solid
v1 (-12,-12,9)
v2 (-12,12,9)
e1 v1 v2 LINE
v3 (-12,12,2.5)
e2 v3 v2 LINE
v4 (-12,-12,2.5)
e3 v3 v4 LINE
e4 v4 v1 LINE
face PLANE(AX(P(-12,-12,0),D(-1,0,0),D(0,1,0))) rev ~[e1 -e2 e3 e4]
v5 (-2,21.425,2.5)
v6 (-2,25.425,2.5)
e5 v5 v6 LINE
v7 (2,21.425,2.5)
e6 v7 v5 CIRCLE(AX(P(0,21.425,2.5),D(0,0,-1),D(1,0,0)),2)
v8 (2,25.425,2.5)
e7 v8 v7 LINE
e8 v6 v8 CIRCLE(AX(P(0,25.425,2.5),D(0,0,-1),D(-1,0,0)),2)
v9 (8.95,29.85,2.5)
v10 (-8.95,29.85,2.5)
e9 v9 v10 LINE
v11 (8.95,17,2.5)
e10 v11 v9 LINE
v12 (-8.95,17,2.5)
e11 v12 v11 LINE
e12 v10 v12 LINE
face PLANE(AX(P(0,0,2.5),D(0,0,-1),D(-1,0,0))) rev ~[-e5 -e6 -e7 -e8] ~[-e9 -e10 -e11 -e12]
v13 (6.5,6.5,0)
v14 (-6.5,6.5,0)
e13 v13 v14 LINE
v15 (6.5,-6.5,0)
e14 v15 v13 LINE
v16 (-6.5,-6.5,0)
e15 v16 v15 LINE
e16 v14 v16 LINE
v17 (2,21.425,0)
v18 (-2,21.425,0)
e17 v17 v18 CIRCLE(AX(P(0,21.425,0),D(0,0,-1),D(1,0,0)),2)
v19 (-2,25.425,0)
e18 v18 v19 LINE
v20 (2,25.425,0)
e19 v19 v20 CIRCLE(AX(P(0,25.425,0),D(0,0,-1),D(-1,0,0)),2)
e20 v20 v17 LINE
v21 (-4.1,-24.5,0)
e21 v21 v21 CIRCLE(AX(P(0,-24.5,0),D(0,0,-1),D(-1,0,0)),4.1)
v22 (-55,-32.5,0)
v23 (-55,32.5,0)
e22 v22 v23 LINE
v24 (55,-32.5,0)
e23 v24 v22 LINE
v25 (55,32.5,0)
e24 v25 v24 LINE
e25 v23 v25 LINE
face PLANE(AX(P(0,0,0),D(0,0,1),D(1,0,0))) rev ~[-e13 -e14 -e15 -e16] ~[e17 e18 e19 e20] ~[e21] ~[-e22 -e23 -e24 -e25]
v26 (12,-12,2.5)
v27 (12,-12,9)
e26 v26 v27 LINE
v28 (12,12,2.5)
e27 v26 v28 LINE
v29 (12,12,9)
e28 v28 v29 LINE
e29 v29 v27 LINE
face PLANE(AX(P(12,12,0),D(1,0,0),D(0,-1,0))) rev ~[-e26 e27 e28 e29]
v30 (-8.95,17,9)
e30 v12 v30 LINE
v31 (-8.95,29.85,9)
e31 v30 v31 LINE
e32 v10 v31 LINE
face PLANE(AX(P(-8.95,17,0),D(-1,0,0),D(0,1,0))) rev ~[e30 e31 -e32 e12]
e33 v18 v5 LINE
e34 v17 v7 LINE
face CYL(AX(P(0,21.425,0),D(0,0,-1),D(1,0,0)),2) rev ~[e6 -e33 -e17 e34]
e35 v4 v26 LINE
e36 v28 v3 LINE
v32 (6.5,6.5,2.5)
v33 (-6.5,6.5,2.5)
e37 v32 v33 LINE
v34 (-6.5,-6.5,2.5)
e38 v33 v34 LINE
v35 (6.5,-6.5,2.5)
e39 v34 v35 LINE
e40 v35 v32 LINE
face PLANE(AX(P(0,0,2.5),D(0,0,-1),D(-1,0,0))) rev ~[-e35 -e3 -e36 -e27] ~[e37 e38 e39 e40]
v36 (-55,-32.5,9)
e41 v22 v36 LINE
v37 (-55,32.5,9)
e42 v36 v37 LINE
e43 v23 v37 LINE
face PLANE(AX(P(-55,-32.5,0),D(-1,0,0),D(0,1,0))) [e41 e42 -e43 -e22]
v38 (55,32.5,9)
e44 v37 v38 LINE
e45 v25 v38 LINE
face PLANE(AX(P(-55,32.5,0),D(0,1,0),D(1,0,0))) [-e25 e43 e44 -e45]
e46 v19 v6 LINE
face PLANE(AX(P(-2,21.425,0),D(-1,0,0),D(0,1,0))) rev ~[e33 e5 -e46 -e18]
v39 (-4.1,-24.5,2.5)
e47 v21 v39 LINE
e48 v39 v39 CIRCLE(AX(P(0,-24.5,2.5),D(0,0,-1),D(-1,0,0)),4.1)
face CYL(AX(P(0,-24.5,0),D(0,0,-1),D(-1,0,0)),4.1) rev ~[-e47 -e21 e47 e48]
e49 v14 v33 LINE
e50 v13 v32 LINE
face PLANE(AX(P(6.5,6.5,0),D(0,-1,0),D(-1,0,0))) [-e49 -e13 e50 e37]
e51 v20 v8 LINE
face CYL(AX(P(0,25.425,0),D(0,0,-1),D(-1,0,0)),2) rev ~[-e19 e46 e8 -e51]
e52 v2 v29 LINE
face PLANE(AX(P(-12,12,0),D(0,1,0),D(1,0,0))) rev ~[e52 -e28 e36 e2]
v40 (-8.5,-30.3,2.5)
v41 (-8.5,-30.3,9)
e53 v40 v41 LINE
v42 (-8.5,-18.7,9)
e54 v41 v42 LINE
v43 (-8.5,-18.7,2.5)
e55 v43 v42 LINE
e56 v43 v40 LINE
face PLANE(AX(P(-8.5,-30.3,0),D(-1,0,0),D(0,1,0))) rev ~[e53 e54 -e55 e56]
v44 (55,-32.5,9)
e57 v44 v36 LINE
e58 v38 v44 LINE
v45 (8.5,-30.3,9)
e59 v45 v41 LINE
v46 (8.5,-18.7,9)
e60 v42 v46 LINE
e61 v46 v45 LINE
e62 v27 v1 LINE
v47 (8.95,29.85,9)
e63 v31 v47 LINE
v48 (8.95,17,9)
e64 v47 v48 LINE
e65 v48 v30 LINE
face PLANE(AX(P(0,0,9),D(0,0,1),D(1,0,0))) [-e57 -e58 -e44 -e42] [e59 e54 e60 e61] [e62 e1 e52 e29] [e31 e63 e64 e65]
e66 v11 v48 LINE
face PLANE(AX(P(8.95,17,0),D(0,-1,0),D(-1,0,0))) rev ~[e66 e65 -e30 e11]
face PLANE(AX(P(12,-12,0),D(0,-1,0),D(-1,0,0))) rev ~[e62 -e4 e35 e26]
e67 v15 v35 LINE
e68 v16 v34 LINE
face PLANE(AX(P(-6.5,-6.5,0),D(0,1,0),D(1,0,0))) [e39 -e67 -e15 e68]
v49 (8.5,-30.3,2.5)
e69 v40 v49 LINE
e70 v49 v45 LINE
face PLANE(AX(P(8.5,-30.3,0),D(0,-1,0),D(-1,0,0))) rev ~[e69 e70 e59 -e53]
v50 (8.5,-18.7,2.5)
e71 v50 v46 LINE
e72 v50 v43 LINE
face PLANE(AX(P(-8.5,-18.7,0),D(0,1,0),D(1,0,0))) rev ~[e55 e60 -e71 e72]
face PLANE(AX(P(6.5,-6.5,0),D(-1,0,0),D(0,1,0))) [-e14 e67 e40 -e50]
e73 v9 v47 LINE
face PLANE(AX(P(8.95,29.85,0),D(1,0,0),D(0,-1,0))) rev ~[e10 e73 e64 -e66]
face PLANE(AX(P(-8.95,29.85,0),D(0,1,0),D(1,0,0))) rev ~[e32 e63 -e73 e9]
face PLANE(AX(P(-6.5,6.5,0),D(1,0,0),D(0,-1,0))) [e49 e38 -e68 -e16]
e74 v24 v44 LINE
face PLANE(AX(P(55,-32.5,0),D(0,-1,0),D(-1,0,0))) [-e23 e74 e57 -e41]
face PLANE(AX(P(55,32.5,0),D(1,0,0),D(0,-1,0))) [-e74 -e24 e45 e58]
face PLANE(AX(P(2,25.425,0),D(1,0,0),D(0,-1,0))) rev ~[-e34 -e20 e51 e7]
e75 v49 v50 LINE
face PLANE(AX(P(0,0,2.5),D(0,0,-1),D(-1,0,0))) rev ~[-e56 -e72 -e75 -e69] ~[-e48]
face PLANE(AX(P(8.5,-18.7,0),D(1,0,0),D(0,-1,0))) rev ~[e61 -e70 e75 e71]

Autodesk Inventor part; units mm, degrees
ref_plane "YZ Plane" through (0, 0, 0) normal (1, 0, 0) x (0, 1, 0)
ref_plane "XZ Plane" through (0, 0, 0) normal (0, 1, 0) x (-1, 0, 0)
ref_plane "XY Plane" through (0, 0, 0) normal (0, 0, 1) x (1, 0, 0)
sketch "Schizzo1" plane through (0, 0, 0) normal (0, 0, 1) x (1, 0, 0)
  line L0 (-55, 32.5) -> (55, 32.5)
  line L1 (55, 32.5) -> (55, -32.5)
  line L2 (55, -32.5) -> (-55, -32.5)
  line L3 (-55, -32.5) -> (-55, 32.5)
  line L4 (-55, 32.5) -> (55, -32.5) construction
  line L5 (55, 32.5) -> (-55, -32.5) construction
  line L6 (-8.5, -18.7) -> (8.5, -18.7)
  line L7 (8.5, -18.7) -> (8.5, -30.3)
  line L8 (8.5, -30.3) -> (-8.5, -30.3)
  line L9 (-8.5, -30.3) -> (-8.5, -18.7)
  line L10 (-8.5, -18.7) -> (8.5, -30.3) construction
  line L11 (8.5, -18.7) -> (-8.5, -30.3) construction
  line L12 (-12, 12) -> (12, 12)
  line L13 (12, 12) -> (12, -12)
  line L14 (12, -12) -> (-12, -12)
  line L15 (-12, -12) -> (-12, 12)
  line L16 (-12, 12) -> (12, -12) construction
  line L17 (12, 12) -> (-12, -12) construction
  line L18 (-8.95, 29.85) -> (8.95, 29.85)
  line L19 (8.95, 29.85) -> (8.95, 17)
  line L20 (8.95, 17) -> (-8.95, 17)
  line L21 (-8.95, 17) -> (-8.95, 29.85)
  line L22 (-8.95, 29.85) -> (8.95, 17) construction
  line L23 (8.95, 29.85) -> (-8.95, 17) construction
  line L24 (0, 25.425) -> (0, 21.425) construction
  line L25 (-2, 25.425) -> (-2, 21.425)
  line L26 (2, 21.425) -> (2, 25.425)
  arc A0 (2, 25.425) -> (-2, 25.425) centre (0, 25.425) ccw
  arc A1 (-2, 21.425) -> (2, 21.425) centre (0, 21.425) ccw
  circle A2 centre (0, -24.5) radius 4.1
  circle A3 centre (0, 0) radius 3.8
  line L27 (-4, 4) -> (4, 4)
  line L28 (4, 4) -> (4, -4)
  line L29 (4, -4) -> (-4, -4)
  line L30 (-4, -4) -> (-4, 4)
  line L31 (-4, 4) -> (4, -4) construction
  line L32 (4, 4) -> (-4, -4) construction
  point P0 (0, 23.425)
  dimension "d0" = 110
  dimension "d1" = 65
  dimension "d5" = 17
  dimension "d6" = 11.6
  dimension "d8" = 24
  dimension "d9" = 24
  dimension "d11" = 17.9
  dimension "d12" = 12.85
  dimension "d13" = 2
  dimension "d14" = 4
  dimension "d15" = 8.2
  dimension "d16" = 7.6
  dimension "d17" = 8
  dimension "d18" = 8
extrude "Estrusione1" add sketch "Schizzo1" along normal blind 9 contours L0 L1 L2 L3
sketch "Schizzo2" plane through (0, 0, 0) normal (0, 0, -1) x (-1, 0, 0)
  line L0 (-55, 32.5) -> (55, 32.5)
  line L1 (55, 32.5) -> (55, -32.5)
  line L2 (55, -32.5) -> (-55, -32.5)
  line L3 (-55, -32.5) -> (-55, 32.5)
  line L4 (-8.5, -18.7) -> (8.5, -18.7)
  line L5 (8.5, -18.7) -> (8.5, -30.3)
  line L6 (8.5, -30.3) -> (-8.5, -30.3)
  line L7 (-8.5, -30.3) -> (-8.5, -18.7)
  line L8 (-8.5, -18.7) -> (8.5, -30.3) construction
  line L9 (8.5, -18.7) -> (-8.5, -30.3) construction
  line L10 (-12, 12) -> (12, 12)
  line L11 (12, 12) -> (12, -12)
  line L12 (12, -12) -> (-12, -12)
  line L13 (-12, -12) -> (-12, 12)
  line L14 (-8.95, 29.85) -> (8.95, 29.85)
  line L15 (8.95, 29.85) -> (8.95, 17)
  line L16 (8.95, 17) -> (-8.95, 17)
  line L17 (-8.95, 17) -> (-8.95, 29.85)
  line L18 (-8.95, 29.85) -> (8.95, 17) construction
  line L19 (8.95, 29.85) -> (-8.95, 17) construction
  line L20 (0, 25.425) -> (0, 21.425) construction
  line L21 (-2, 25.425) -> (-2, 21.425)
  line L22 (2, 21.425) -> (2, 25.425)
  arc A0 (2, 25.425) -> (-2, 25.425) centre (0, 25.425) ccw
  arc A1 (-2, 21.425) -> (2, 21.425) centre (0, 21.425) ccw
  circle A2 centre (0, -24.5) radius 4.1
  line L23 (6.5, -6.5) -> (-6.5, -6.5)
  line L24 (-6.5, -6.5) -> (-6.5, 6.5)
  line L25 (-6.5, 6.5) -> (6.5, 6.5)
  line L26 (6.5, 6.5) -> (6.5, -6.5)
  point P0 (0, 0)
  point P1 (0, 0)
  point P2 (0, 23.425)
  dimension "d21" = 110
  dimension "d22" = 65
  dimension "d23" = 17
  dimension "d24" = 11.6
  dimension "d25" = 24
  dimension "d26" = 24
  dimension "d27" = 17.9
  dimension "d28" = 12.85
  dimension "d29" = 2
  dimension "d30" = 4
  dimension "d31" = 8.2
  dimension "d37" = 13
  dimension "d38" = 13
extrude "Estrusione4" add sketch "Schizzo2" against normal blind 2.5 contours L4 L5 L6 L7 | L10 L11 L12 L13 | L14 L15 L16 L17
